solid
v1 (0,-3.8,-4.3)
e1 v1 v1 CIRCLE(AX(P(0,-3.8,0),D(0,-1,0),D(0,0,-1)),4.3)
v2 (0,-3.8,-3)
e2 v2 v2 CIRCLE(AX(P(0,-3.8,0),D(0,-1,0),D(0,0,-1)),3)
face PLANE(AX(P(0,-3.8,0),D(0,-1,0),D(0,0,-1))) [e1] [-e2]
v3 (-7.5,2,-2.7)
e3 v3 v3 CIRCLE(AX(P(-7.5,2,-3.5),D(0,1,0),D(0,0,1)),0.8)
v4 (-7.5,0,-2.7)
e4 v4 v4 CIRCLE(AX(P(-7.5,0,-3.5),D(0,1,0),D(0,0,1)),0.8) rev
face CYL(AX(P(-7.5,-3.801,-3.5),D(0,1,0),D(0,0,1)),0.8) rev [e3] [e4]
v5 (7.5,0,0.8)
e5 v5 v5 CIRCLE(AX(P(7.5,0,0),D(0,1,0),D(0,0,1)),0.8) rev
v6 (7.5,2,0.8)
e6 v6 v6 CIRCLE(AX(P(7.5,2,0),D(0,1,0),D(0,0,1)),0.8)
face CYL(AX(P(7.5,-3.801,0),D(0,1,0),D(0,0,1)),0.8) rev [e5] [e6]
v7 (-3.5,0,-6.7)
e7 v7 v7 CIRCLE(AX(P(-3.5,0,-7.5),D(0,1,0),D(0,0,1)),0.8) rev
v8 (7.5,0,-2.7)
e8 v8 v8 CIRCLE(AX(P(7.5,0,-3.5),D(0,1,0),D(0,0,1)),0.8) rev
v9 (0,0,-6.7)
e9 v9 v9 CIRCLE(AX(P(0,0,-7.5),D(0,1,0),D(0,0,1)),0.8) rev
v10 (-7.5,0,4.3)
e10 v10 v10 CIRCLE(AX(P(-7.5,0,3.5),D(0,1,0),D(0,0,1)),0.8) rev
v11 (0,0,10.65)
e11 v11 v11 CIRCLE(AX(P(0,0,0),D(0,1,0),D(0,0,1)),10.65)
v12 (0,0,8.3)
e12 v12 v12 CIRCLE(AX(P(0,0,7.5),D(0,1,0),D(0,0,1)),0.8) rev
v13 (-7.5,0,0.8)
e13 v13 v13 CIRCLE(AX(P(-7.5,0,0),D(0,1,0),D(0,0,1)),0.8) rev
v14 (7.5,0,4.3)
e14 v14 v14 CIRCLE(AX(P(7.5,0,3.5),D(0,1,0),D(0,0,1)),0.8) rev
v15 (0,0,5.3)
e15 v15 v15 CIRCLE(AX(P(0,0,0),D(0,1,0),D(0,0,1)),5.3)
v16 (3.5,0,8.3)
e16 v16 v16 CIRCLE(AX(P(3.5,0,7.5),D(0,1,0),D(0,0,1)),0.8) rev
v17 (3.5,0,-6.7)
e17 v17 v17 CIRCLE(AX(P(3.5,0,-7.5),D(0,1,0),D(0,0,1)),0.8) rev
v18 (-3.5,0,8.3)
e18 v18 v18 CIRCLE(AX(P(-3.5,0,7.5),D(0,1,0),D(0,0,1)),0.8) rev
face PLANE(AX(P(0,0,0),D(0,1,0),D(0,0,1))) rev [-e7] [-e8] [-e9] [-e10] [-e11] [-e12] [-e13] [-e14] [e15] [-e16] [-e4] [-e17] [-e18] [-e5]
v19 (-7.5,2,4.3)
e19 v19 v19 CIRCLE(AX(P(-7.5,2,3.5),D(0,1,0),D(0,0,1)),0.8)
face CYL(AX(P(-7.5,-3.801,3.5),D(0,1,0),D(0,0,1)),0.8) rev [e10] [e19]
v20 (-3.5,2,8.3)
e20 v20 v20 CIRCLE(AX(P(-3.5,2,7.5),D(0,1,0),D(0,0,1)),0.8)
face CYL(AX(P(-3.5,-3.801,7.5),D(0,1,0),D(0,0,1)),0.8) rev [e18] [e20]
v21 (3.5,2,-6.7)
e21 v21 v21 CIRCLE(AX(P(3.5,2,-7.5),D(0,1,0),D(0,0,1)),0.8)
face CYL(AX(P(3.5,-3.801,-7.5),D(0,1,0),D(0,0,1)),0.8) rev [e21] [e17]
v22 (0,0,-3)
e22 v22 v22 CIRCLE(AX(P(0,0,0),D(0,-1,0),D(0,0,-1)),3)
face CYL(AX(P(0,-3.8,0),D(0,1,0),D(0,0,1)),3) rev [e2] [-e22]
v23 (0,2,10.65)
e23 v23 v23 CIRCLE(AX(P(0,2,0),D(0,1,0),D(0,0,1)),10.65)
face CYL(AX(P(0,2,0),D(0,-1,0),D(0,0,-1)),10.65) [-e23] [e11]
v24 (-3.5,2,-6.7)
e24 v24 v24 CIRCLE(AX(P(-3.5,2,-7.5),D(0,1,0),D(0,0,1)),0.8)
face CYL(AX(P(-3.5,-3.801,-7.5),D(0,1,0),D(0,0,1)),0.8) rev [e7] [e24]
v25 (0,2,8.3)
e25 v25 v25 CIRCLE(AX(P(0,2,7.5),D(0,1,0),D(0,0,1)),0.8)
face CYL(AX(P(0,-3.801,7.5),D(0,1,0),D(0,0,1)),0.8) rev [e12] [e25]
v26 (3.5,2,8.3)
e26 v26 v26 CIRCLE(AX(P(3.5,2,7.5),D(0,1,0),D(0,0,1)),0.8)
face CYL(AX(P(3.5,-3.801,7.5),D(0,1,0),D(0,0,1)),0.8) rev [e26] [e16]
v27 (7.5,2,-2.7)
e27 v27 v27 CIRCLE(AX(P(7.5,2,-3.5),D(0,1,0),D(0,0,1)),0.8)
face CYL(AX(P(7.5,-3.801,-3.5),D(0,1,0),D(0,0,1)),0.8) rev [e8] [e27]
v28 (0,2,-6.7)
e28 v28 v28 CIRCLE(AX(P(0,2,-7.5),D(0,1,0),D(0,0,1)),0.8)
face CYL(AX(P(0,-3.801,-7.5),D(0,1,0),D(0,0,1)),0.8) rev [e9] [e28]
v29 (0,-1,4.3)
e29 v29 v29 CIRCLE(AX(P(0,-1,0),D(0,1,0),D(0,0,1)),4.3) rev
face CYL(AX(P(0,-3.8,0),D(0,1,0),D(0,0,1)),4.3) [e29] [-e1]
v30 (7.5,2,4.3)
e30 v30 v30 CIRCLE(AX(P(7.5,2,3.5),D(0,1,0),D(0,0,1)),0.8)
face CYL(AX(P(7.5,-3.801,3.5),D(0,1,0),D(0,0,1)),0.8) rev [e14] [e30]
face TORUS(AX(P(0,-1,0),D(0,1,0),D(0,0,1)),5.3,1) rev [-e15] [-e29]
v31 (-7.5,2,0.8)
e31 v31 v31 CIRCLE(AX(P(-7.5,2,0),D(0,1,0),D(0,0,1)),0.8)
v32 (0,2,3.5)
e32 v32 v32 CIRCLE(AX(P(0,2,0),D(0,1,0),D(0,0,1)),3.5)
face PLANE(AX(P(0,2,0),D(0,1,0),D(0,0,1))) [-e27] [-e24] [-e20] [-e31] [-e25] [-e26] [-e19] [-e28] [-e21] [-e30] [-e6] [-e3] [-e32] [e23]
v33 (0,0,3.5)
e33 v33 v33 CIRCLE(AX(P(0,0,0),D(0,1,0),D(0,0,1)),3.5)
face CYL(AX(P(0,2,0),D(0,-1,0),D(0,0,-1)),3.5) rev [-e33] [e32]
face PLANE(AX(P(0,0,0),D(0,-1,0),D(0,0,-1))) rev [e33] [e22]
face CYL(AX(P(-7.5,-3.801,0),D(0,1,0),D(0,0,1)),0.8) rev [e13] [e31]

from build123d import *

# Parameters (mm, degrees)
SKETCH_1_R          = 10.65
SKETCH_1_R_2        = 3.5
EXTRUDE_1_DEPTH     = 2
SKETCH_2_R          = 4.3
SKETCH_2_R_2        = 3
EXTRUDE_2_DEPTH     = 3.8
FILLET_1_R          = 1
CUT_EXTRUDE_1_REACH = 7.8
SKETCH_3_R          = 0.8


with BuildPart() as part:
    # Эскиз1 → Бобышка-Вытянуть1 (new body)
    with BuildSketch(Plane(origin=(0, 0, 0), x_dir=(1, 0, 0), z_dir=(0, 1, 0))):
        Circle(SKETCH_1_R)
        Circle(SKETCH_1_R_2, mode=Mode.SUBTRACT)
    extrude(amount=EXTRUDE_1_DEPTH)

    # Эскиз2 → Бобышка-Вытянуть2 (add)
    with BuildSketch(Plane.XZ):
        Circle(SKETCH_2_R)
        Circle(SKETCH_2_R_2, mode=Mode.SUBTRACT)
    extrude(amount=EXTRUDE_2_DEPTH)

    # Скругление1
    fillet_1_edges = [part.edges().sort_by_distance(p)[0] for p in [
        (-4.3, 0, 0),
    ]]
    fillet(fillet_1_edges, radius=FILLET_1_R)

    # Эскиз3 → Вырез-Вытянуть1 (cut, up to next)
    with BuildSketch(Plane(origin=(0, 2, 0), x_dir=(1, 0, 0), z_dir=(0, 1, 0)), mode=Mode.PRIVATE) as cut_extrude_1_sk1:
        with Locations((-3.5, 7.5)):
            Circle(SKETCH_3_R)
    cut_extrude_1_tool1 = extrude(cut_extrude_1_sk1.sketch, amount=-CUT_EXTRUDE_1_REACH, mode=Mode.PRIVATE) & part.part
    add(cut_extrude_1_tool1.solids().sort_by_distance((-3.5, 2, -7.5))[0], mode=Mode.SUBTRACT)
    # Эскиз3 → Вырез-Вытянуть1 (cut, up to next)
    with BuildSketch(Plane(origin=(0, 2, 0), x_dir=(1, 0, 0), z_dir=(0, 1, 0)), mode=Mode.PRIVATE) as cut_extrude_1_sk2:
        with Locations((0, 7.5)):
            Circle(SKETCH_3_R)
    cut_extrude_1_tool2 = extrude(cut_extrude_1_sk2.sketch, amount=-CUT_EXTRUDE_1_REACH, mode=Mode.PRIVATE) & part.part
    add(cut_extrude_1_tool2.solids().sort_by_distance((0, 2, -7.5))[0], mode=Mode.SUBTRACT)
    # Эскиз3 → Вырез-Вытянуть1 (cut, up to next)
    with BuildSketch(Plane(origin=(0, 2, 0), x_dir=(1, 0, 0), z_dir=(0, 1, 0)), mode=Mode.PRIVATE) as cut_extrude_1_sk3:
        with Locations((3.5, 7.5)):
            Circle(SKETCH_3_R)
    cut_extrude_1_tool3 = extrude(cut_extrude_1_sk3.sketch, amount=-CUT_EXTRUDE_1_REACH, mode=Mode.PRIVATE) & part.part
    add(cut_extrude_1_tool3.solids().sort_by_distance((3.5, 2, -7.5))[0], mode=Mode.SUBTRACT)
    # Эскиз3 → Вырез-Вытянуть1 (cut, up to next)
    with BuildSketch(Plane(origin=(0, 2, 0), x_dir=(1, 0, 0), z_dir=(0, 1, 0)), mode=Mode.PRIVATE) as cut_extrude_1_sk4:
        with Locations((7.5, 3.5)):
            Circle(SKETCH_3_R)
    cut_extrude_1_tool4 = extrude(cut_extrude_1_sk4.sketch, amount=-CUT_EXTRUDE_1_REACH, mode=Mode.PRIVATE) & part.part
    add(cut_extrude_1_tool4.solids().sort_by_distance((7.5, 2, -3.5))[0], mode=Mode.SUBTRACT)
    # Эскиз3 → Вырез-Вытянуть1 (cut, up to next)
    with BuildSketch(Plane(origin=(0, 2, 0), x_dir=(1, 0, 0), z_dir=(0, 1, 0)), mode=Mode.PRIVATE) as cut_extrude_1_sk5:
        with Locations((7.5, 0)):
            Circle(SKETCH_3_R)
    cut_extrude_1_tool5 = extrude(cut_extrude_1_sk5.sketch, amount=-CUT_EXTRUDE_1_REACH, mode=Mode.PRIVATE) & part.part
    add(cut_extrude_1_tool5.solids().sort_by_distance((7.5, 2, 0))[0], mode=Mode.SUBTRACT)
    # Эскиз3 → Вырез-Вытянуть1 (cut, up to next)
    with BuildSketch(Plane(origin=(0, 2, 0), x_dir=(1, 0, 0), z_dir=(0, 1, 0)), mode=Mode.PRIVATE) as cut_extrude_1_sk6:
        with Locations((7.5, -3.5)):
            Circle(SKETCH_3_R)
    cut_extrude_1_tool6 = extrude(cut_extrude_1_sk6.sketch, amount=-CUT_EXTRUDE_1_REACH, mode=Mode.PRIVATE) & part.part
    add(cut_extrude_1_tool6.solids().sort_by_distance((7.5, 2, 3.5))[0], mode=Mode.SUBTRACT)
    # Эскиз3 → Вырез-Вытянуть1 (cut, up to next)
    with BuildSketch(Plane(origin=(0, 2, 0), x_dir=(1, 0, 0), z_dir=(0, 1, 0)), mode=Mode.PRIVATE) as cut_extrude_1_sk7:
        with Locations((3.5, -7.5)):
            Circle(SKETCH_3_R)
    cut_extrude_1_tool7 = extrude(cut_extrude_1_sk7.sketch, amount=-CUT_EXTRUDE_1_REACH, mode=Mode.PRIVATE) & part.part
    add(cut_extrude_1_tool7.solids().sort_by_distance((3.5, 2, 7.5))[0], mode=Mode.SUBTRACT)
    # Эскиз3 → Вырез-Вытянуть1 (cut, up to next)
    with BuildSketch(Plane(origin=(0, 2, 0), x_dir=(1, 0, 0), z_dir=(0, 1, 0)), mode=Mode.PRIVATE) as cut_extrude_1_sk8:
        with Locations((0, -7.5)):
            Circle(SKETCH_3_R)
    cut_extrude_1_tool8 = extrude(cut_extrude_1_sk8.sketch, amount=-CUT_EXTRUDE_1_REACH, mode=Mode.PRIVATE) & part.part
    add(cut_extrude_1_tool8.solids().sort_by_distance((0, 2, 7.5))[0], mode=Mode.SUBTRACT)
    # Эскиз3 → Вырез-Вытянуть1 (cut, up to next)
    with BuildSketch(Plane(origin=(0, 2, 0), x_dir=(1, 0, 0), z_dir=(0, 1, 0)), mode=Mode.PRIVATE) as cut_extrude_1_sk9:
        with Locations((-3.5, -7.5)):
            Circle(SKETCH_3_R)
    cut_extrude_1_tool9 = extrude(cut_extrude_1_sk9.sketch, amount=-CUT_EXTRUDE_1_REACH, mode=Mode.PRIVATE) & part.part
    add(cut_extrude_1_tool9.solids().sort_by_distance((-3.5, 2, 7.5))[0], mode=Mode.SUBTRACT)
    # Эскиз3 → Вырез-Вытянуть1 (cut, up to next)
    with BuildSketch(Plane(origin=(0, 2, 0), x_dir=(1, 0, 0), z_dir=(0, 1, 0)), mode=Mode.PRIVATE) as cut_extrude_1_sk10:
        with Locations((-7.5, -3.5)):
            Circle(SKETCH_3_R)
    cut_extrude_1_tool10 = extrude(cut_extrude_1_sk10.sketch, amount=-CUT_EXTRUDE_1_REACH, mode=Mode.PRIVATE) & part.part
    add(cut_extrude_1_tool10.solids().sort_by_distance((-7.5, 2, 3.5))[0], mode=Mode.SUBTRACT)
    # Эскиз3 → Вырез-Вытянуть1 (cut, up to next)
    with BuildSketch(Plane(origin=(0, 2, 0), x_dir=(1, 0, 0), z_dir=(0, 1, 0)), mode=Mode.PRIVATE) as cut_extrude_1_sk11:
        with Locations((-7.5, 0)):
            Circle(SKETCH_3_R)
    cut_extrude_1_tool11 = extrude(cut_extrude_1_sk11.sketch, amount=-CUT_EXTRUDE_1_REACH, mode=Mode.PRIVATE) & part.part
    add(cut_extrude_1_tool11.solids().sort_by_distance((-7.5, 2, 0))[0], mode=Mode.SUBTRACT)
    # Эскиз3 → Вырез-Вытянуть1 (cut, up to next)
    with BuildSketch(Plane(origin=(0, 2, 0), x_dir=(1, 0, 0), z_dir=(0, 1, 0)), mode=Mode.PRIVATE) as cut_extrude_1_sk12:
        with Locations((-7.5, 3.5)):
            Circle(SKETCH_3_R)
    cut_extrude_1_tool12 = extrude(cut_extrude_1_sk12.sketch, amount=-CUT_EXTRUDE_1_REACH, mode=Mode.PRIVATE) & part.part
    add(cut_extrude_1_tool12.solids().sort_by_distance((-7.5, 2, -3.5))[0], mode=Mode.SUBTRACT)


solid = part.part
